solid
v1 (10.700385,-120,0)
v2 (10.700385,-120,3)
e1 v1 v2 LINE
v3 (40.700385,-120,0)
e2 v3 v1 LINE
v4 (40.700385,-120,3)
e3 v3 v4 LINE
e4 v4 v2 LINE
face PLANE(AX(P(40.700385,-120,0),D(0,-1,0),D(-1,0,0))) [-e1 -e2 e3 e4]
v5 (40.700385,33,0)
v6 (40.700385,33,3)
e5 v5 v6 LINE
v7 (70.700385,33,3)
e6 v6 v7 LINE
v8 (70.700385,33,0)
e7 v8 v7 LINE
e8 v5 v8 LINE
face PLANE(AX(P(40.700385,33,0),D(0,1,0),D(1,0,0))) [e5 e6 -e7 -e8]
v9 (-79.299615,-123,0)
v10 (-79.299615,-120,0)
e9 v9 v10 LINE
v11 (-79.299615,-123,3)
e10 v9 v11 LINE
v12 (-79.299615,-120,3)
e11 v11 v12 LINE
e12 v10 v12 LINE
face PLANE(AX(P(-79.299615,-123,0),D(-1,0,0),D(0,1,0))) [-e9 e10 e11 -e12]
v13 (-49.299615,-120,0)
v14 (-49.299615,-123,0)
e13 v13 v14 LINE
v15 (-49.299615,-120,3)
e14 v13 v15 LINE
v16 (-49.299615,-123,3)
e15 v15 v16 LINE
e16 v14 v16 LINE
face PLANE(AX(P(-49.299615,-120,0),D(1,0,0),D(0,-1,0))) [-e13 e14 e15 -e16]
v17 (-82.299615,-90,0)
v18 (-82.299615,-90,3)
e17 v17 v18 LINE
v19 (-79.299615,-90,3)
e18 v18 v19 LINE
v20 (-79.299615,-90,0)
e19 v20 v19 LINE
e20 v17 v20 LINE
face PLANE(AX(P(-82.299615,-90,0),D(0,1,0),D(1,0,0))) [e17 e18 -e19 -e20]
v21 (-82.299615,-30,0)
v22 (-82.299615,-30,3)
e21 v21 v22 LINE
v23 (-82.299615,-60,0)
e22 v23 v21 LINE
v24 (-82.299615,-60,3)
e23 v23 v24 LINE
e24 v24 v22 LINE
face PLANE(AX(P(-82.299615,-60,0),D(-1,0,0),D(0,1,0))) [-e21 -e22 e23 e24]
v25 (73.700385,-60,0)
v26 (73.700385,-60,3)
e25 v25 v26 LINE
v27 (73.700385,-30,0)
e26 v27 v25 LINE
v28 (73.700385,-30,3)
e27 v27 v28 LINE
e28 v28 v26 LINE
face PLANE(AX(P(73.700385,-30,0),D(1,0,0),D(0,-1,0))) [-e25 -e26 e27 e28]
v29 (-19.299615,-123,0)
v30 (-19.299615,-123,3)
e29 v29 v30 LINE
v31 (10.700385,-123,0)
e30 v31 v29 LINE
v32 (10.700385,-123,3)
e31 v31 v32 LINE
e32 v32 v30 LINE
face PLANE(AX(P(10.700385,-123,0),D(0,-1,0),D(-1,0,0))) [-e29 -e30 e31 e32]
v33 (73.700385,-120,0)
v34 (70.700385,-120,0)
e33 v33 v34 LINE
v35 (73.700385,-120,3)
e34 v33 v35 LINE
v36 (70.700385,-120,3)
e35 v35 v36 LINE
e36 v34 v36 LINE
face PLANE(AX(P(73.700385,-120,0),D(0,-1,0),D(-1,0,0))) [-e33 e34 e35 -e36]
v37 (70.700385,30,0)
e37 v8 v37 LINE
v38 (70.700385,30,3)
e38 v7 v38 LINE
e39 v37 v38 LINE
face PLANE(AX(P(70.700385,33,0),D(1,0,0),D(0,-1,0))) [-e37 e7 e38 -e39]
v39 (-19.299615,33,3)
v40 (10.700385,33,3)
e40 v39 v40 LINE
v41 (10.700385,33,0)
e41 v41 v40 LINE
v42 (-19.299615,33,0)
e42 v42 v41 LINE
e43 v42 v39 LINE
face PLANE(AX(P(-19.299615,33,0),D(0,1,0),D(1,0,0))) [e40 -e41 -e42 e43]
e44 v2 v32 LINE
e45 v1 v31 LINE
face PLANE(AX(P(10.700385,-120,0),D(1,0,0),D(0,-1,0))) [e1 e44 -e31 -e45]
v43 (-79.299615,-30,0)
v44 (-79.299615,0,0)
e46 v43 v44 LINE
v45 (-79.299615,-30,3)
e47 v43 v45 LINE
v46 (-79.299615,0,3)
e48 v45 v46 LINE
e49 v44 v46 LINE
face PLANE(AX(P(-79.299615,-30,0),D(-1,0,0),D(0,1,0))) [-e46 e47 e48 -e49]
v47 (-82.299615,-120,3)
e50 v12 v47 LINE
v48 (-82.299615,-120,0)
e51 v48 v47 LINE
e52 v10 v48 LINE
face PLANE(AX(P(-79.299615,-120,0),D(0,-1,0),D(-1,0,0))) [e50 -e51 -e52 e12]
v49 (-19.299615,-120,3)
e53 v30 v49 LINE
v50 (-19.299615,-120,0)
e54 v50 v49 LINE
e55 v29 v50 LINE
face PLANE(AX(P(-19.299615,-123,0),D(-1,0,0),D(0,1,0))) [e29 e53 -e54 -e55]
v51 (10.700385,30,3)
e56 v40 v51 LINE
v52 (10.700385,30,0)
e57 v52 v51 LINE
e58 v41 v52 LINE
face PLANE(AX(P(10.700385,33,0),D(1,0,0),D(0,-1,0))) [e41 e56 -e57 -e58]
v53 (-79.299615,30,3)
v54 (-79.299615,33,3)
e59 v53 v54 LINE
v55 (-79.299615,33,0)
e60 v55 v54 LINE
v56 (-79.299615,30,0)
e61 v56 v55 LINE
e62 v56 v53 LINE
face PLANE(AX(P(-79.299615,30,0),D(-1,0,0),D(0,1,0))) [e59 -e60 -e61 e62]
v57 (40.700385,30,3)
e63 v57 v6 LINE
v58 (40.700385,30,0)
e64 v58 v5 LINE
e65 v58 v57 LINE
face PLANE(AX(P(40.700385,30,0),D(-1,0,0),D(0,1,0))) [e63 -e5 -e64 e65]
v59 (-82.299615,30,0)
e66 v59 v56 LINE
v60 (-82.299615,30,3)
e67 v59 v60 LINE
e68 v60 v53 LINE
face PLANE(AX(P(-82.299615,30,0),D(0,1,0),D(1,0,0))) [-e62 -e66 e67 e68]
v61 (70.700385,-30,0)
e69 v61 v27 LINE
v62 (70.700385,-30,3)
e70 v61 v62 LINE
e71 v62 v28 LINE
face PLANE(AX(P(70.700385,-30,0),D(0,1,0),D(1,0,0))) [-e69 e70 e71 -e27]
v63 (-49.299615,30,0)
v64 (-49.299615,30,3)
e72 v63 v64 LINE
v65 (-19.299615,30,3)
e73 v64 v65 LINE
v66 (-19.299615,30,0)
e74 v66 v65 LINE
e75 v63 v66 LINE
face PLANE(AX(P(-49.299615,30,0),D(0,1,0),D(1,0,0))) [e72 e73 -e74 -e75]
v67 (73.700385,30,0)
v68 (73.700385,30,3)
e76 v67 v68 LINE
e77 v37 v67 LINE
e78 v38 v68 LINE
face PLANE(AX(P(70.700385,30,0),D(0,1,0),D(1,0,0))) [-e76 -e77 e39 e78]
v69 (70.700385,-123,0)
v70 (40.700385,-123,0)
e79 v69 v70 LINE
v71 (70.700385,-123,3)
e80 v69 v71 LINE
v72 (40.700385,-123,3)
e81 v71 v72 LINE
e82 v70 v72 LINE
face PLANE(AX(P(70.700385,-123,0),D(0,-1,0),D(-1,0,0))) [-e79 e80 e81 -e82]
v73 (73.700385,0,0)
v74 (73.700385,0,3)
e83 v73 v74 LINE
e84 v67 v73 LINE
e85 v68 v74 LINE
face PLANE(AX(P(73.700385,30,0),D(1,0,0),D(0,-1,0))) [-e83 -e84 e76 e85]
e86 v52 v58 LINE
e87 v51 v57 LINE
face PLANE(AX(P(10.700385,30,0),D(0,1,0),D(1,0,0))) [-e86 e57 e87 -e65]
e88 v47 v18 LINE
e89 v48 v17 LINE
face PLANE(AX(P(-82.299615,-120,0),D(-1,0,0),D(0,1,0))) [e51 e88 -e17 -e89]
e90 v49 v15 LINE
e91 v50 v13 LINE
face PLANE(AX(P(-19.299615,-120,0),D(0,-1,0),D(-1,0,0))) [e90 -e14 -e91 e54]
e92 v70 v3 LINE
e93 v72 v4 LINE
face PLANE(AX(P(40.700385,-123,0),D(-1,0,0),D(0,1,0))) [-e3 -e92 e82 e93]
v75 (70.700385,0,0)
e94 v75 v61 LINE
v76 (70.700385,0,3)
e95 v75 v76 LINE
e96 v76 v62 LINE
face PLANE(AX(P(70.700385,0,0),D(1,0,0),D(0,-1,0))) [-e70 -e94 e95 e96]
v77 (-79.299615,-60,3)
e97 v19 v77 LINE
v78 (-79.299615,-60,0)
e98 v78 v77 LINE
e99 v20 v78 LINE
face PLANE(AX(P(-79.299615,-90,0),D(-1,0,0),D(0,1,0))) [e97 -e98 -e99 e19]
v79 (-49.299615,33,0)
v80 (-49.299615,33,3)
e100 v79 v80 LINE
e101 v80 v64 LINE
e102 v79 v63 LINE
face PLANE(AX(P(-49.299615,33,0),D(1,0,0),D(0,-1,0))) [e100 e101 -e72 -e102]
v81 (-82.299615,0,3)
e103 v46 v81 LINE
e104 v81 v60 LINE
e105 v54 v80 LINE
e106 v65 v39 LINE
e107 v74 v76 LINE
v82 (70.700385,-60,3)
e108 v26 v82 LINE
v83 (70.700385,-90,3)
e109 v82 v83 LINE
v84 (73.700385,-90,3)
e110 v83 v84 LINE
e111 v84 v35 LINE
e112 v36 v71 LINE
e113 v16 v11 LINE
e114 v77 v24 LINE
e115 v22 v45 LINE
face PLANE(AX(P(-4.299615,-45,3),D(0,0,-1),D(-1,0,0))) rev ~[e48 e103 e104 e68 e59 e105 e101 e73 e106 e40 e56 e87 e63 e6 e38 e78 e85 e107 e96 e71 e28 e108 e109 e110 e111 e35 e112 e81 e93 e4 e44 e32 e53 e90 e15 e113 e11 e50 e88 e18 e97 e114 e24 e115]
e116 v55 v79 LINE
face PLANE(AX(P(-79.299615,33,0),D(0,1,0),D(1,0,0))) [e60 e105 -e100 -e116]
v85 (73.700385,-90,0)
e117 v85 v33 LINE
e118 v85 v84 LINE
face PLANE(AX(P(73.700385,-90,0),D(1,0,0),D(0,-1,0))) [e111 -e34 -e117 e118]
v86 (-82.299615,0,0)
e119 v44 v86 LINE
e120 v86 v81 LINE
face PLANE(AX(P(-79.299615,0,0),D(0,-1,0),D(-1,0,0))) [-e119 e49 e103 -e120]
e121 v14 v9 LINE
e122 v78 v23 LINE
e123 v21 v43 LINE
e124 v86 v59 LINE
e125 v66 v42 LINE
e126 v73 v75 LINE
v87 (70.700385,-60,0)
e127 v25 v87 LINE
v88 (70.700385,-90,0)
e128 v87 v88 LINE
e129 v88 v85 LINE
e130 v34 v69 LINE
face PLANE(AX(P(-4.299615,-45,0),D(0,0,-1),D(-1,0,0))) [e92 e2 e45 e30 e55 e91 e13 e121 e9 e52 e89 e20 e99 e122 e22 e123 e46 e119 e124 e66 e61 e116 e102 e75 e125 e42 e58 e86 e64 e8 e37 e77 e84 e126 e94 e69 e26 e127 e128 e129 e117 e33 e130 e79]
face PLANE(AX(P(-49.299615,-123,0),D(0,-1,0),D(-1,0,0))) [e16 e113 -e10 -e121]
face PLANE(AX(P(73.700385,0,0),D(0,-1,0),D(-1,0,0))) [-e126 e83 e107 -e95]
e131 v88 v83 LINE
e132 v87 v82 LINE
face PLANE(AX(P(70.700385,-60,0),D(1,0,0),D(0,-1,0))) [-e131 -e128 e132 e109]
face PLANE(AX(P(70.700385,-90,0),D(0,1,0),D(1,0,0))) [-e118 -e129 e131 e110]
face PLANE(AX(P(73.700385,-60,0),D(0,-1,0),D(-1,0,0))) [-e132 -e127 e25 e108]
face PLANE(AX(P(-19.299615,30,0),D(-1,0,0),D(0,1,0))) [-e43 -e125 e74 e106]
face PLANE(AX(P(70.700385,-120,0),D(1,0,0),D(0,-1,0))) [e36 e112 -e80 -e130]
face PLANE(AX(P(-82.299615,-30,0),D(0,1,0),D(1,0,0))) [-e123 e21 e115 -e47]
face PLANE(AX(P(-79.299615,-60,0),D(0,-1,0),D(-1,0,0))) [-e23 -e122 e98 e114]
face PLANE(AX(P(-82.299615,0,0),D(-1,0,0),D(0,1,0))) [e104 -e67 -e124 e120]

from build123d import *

# Parameters (mm, degrees)
RESSALTO_EXTRUS_O1_DEPTH = 3


with BuildPart() as part:
    # Esboço1 → Ressalto-extrusão1 (new body)
    with BuildSketch(Plane.XY):
        Polygon((-82.299614604, -120), (-82.299614604, -90), (-79.299614604, -90), (-79.299614604, -60), (-82.299614604, -60), (-82.299614604, -30), (-79.299614604, -30), (-79.299614604, 0), (-82.299614604, 0), (-82.299614604, 30), (-79.299614604, 30), (-79.299614604, 33), (-49.299614604, 33), (-49.299614604, 30), (-19.299614604, 30), (-19.299614604, 33), (10.700385396, 33), (10.700385396, 30), (40.700385396, 30), (40.700385396, 33), (70.700385396, 33), (70.700385396, 30), (73.700385396, 30), (73.700385396, 0), (70.700385396, 0), (70.700385396, -30), (73.700385396, -30), (73.700385396, -60), (70.700385396, -60), (70.700385396, -90), (73.700385396, -90), (73.700385396, -120), (70.700385396, -120), (70.700385396, -123), (40.700385396, -123), (40.700385396, -120), (10.700385396, -120), (10.700385396, -123), (-19.299614604, -123), (-19.299614604, -120), (-49.299614604, -120), (-49.299614604, -123), (-79.299614604, -123), (-79.299614604, -120), align=None)
    extrude(amount=RESSALTO_EXTRUS_O1_DEPTH)


solid = part.part
